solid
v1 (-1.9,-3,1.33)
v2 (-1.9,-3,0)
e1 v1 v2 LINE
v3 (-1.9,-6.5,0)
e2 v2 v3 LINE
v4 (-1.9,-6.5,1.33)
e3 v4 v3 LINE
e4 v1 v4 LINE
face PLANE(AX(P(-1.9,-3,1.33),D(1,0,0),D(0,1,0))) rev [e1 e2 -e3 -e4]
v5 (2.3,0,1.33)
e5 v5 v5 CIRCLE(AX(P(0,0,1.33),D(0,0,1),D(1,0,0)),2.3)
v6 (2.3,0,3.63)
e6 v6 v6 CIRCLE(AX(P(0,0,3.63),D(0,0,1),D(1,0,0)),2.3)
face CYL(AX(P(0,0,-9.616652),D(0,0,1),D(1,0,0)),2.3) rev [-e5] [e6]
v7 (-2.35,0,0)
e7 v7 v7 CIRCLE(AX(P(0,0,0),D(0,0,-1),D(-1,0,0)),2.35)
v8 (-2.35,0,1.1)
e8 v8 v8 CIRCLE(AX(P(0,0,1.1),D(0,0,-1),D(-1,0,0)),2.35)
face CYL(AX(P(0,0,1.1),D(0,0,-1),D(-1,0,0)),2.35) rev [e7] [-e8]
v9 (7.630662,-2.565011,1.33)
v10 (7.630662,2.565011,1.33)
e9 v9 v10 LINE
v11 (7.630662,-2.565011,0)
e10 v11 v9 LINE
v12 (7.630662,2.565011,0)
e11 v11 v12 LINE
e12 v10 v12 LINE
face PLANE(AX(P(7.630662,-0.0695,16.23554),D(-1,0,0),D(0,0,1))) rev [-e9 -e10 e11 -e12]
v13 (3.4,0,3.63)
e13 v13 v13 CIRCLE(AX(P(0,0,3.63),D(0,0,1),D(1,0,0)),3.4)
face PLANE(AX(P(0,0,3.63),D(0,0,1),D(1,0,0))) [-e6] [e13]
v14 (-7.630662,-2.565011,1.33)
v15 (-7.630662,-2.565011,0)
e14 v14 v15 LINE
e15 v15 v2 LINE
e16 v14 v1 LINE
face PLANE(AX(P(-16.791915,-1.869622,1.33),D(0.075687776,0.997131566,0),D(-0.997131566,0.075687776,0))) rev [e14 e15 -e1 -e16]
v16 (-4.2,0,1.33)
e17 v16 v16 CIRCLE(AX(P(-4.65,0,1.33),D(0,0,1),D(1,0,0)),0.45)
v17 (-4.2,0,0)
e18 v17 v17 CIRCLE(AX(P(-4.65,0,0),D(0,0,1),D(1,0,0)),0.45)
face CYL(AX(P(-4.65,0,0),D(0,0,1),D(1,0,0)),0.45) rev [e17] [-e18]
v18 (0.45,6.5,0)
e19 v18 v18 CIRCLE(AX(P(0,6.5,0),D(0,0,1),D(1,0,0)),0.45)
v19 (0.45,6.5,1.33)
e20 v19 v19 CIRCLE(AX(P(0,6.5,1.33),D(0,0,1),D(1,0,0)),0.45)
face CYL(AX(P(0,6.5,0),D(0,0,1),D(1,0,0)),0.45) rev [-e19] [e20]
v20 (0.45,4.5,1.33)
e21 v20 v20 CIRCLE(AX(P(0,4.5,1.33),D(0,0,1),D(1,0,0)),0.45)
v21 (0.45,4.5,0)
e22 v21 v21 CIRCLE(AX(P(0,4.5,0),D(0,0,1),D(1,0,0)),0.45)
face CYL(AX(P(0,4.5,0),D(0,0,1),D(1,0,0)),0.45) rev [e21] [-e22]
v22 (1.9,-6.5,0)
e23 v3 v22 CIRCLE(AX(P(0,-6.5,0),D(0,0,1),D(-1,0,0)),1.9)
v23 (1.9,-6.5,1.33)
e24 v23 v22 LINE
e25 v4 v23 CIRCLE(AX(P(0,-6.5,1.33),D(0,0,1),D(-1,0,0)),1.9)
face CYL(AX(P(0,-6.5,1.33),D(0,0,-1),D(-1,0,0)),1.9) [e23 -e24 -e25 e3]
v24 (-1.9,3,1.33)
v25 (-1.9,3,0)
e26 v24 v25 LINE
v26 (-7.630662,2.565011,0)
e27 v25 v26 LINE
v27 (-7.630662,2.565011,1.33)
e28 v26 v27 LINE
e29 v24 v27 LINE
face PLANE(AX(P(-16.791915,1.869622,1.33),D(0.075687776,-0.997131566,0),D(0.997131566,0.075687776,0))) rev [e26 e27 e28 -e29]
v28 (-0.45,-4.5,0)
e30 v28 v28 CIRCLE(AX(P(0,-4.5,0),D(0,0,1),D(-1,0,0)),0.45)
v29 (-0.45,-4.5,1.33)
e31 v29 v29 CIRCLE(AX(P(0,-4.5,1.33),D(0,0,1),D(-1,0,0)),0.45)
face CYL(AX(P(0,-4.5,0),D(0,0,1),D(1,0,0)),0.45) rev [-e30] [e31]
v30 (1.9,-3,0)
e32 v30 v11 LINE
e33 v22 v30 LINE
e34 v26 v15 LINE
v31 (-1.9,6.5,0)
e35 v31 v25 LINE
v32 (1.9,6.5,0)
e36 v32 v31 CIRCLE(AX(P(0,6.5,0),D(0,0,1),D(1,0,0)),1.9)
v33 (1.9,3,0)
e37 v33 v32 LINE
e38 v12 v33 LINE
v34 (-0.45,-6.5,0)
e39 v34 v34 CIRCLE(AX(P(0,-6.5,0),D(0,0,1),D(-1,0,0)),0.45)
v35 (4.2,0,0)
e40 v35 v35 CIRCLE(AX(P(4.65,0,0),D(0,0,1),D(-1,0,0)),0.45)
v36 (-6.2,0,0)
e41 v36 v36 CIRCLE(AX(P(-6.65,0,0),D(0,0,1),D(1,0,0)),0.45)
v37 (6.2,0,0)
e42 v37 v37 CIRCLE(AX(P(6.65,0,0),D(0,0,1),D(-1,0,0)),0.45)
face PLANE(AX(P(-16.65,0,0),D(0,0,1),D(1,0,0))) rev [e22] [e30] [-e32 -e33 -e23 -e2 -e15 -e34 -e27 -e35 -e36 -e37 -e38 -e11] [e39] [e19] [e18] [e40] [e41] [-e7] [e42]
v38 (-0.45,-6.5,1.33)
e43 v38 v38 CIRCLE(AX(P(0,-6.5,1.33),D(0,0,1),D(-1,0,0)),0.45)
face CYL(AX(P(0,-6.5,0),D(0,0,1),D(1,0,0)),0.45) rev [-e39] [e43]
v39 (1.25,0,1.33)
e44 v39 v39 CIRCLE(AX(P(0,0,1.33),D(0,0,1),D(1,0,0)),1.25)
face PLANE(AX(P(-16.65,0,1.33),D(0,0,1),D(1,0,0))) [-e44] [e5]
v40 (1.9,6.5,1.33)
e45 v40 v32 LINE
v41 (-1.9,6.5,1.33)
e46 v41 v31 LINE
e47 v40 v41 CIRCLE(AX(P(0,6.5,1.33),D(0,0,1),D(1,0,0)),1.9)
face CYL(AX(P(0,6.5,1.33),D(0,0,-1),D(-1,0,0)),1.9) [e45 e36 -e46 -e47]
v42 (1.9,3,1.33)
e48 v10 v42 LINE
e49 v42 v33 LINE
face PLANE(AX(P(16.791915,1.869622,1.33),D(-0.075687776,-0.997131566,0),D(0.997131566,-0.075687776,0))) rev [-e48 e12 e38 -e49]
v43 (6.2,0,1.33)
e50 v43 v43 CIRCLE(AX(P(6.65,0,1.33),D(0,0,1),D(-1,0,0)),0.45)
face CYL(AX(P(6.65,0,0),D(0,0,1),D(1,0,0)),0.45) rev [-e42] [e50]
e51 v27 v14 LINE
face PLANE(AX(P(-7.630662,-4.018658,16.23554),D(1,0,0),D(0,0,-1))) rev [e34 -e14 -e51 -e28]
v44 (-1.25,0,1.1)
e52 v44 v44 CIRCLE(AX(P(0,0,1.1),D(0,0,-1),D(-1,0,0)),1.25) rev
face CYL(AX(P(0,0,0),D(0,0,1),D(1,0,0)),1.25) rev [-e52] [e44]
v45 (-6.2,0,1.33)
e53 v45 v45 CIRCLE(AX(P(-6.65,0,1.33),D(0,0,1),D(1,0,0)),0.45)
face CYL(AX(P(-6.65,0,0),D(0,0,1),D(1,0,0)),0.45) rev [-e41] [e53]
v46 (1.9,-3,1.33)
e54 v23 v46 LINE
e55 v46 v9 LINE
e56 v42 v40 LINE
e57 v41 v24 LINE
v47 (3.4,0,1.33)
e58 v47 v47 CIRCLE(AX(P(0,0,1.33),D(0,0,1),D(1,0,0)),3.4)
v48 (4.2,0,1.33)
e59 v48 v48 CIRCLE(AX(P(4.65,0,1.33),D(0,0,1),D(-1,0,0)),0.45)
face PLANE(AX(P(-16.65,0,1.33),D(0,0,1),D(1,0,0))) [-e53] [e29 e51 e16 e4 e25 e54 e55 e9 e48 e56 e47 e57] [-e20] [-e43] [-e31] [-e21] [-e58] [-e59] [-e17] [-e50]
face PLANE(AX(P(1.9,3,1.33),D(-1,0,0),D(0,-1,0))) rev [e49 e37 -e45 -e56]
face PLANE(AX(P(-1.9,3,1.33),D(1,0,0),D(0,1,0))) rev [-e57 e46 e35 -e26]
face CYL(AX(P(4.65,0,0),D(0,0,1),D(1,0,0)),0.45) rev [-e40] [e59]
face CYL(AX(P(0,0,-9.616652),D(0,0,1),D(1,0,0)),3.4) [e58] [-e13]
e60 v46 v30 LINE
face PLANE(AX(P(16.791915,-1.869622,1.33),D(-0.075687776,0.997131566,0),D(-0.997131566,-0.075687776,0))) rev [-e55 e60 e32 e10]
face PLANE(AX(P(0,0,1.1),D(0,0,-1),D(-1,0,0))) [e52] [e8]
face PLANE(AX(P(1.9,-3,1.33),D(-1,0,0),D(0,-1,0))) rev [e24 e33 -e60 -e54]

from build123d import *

# Parameters (mm, degrees)
AUFSATZ_LINEAR_AUSTRAGEN1_DEPTH      = 1.33
AUFSATZ_LINEAR_AUSTRAGEN2_DEPTH      = 2.3
AUFSATZ_LINEAR_AUSTRAGEN2_DEPTH_BACK = 1.33
SKIZZE2_R                            = 3.4
SKIZZE2_R_2                          = 2.3
SKIZZE3_R                            = 1.25
SCHNITT_LINEAR_AUSTRAGEN1_DEPTH      = 21.470115412
SKIZZE4_R                            = 2.35
SCHNITT_LINEAR_AUSTRAGEN2_DEPTH      = 1.1
SKIZZE5_R                            = 0.45
SCHNITT_LINEAR_AUSTRAGEN3_DEPTH      = 21.470115412
SCHNITT_LINEAR_AUSTRAGEN4_DEPTH      = 1.33


with BuildPart() as part:
    # Skizze1 → Aufsatz-Linear austragen1 (new body)
    with BuildSketch(Plane.XY):
        with BuildLine():
            Line((-16.79191458, 1.869621687), (-1.9, 3))
            Line((-1.9, 3), (-1.9, 6.5))
            ThreePointArc((-1.9, 6.5), (0, 8.4), (1.9, 6.5))
            Line((1.9, 6.5), (1.9, 3))
            Line((1.9, 3), (16.79191458, 1.869621687))
            ThreePointArc((16.79191458, 1.869621687), (18.525, 0), (16.79191458, -1.869621687))
            Line((16.79191458, -1.869621687), (1.9, -3))
            Line((1.9, -3), (1.9, -6.5))
            ThreePointArc((1.9, -6.5), (0, -8.4), (-1.9, -6.5))
            Line((-1.9, -6.5), (-1.9, -3))
            Line((-1.9, -3), (-16.79191458, -1.869621687))
            ThreePointArc((-16.79191458, -1.869621687), (-18.525, 0), (-16.79191458, 1.869621687))
        make_face()
    extrude(amount=AUFSATZ_LINEAR_AUSTRAGEN1_DEPTH)

    # Skizze2 → Aufsatz-Linear austragen2 (add, two sides: drawn at the far end of the back side and taken through both)
    with BuildSketch(Plane.XY.offset(1.33).offset(-AUFSATZ_LINEAR_AUSTRAGEN2_DEPTH_BACK)):
        Circle(SKIZZE2_R)
        Circle(SKIZZE2_R_2, mode=Mode.SUBTRACT)
    extrude(amount=AUFSATZ_LINEAR_AUSTRAGEN2_DEPTH + AUFSATZ_LINEAR_AUSTRAGEN2_DEPTH_BACK)

    # Skizze3 → Schnitt-Linear austragen1 (cut, through all)
    with BuildSketch(Plane.XY.offset(1.33)):
        Circle(SKIZZE3_R)
    extrude(amount=-SCHNITT_LINEAR_AUSTRAGEN1_DEPTH, mode=Mode.SUBTRACT)

    # Skizze4 → Schnitt-Linear austragen2 (cut)
    with BuildSketch(Plane(origin=(0, 0, 0), x_dir=(-1, 0, 0), z_dir=(0, 0, -1))):
        Circle(SKIZZE4_R)
    extrude(amount=-SCHNITT_LINEAR_AUSTRAGEN2_DEPTH, mode=Mode.SUBTRACT)

    # Skizze5 → Schnitt-Linear austragen3 (cut, through all)
    with BuildSketch(Plane.XY.offset(1.33)):
        with Locations((0, 6.5)):
            Circle(SKIZZE5_R)
        with Locations((-16.65, 0)):
            Circle(SKIZZE5_R)
        with Locations((0, 4.5)):
            Circle(SKIZZE5_R)
        with Locations((-14.65, 0)):
            Circle(SKIZZE5_R)
        with Locations((-12.65, 0)):
            Circle(SKIZZE5_R)
        with Locations((-10.65, 0)):
            Circle(SKIZZE5_R)
        with Locations((-8.65, 0)):
            Circle(SKIZZE5_R)
        with Locations((-6.65, 0)):
            Circle(SKIZZE5_R)
        with Locations((-4.65, 0)):
            Circle(SKIZZE5_R)
        with Locations(Location((0, -4.5, 0), (0, 0, 180))):
            Circle(SKIZZE5_R)
        with Locations(Location((0, -6.5, 0), (0, 0, 180))):
            Circle(SKIZZE5_R)
        with Locations(Location((4.65, 0, 0), (0, 0, 180))):
            Circle(SKIZZE5_R)
        with Locations(Location((6.65, 0, 0), (0, 0, 180))):
            Circle(SKIZZE5_R)
        with Locations(Location((8.65, 0, 0), (0, 0, 180))):
            Circle(SKIZZE5_R)
        with Locations(Location((10.65, 0, 0), (0, 0, 180))):
            Circle(SKIZZE5_R)
        with Locations(Location((12.65, 0, 0), (0, 0, 180))):
            Circle(SKIZZE5_R)
        with Locations(Location((14.65, 0, 0), (0, 0, 180))):
            Circle(SKIZZE5_R)
        with Locations(Location((16.65, 0, 0), (0, 0, 180))):
            Circle(SKIZZE5_R)
    extrude(amount=-SCHNITT_LINEAR_AUSTRAGEN3_DEPTH, mode=Mode.SUBTRACT)

    # Skizze6 → Schnitt-Linear austragen4 (cut)
    with BuildSketch(Plane(origin=(0, 0, 0), x_dir=(-1, 0, 0), z_dir=(0, 0, -1))):
        Polygon((-7.630661654, -0.069500342), (-7.630661654, 5.641889325), (-18.981826271, 5.641889325), (-18.981826271, -4.018658181), (-7.630661654, -4.018658181), align=None)
        Polygon((7.630661654, -4.018658181), (7.630661654, -0.069500342), (7.630661654, 5.641889325), (18.981826271, 5.641889325), (18.981826271, -4.018658181), align=None)
    extrude(amount=-SCHNITT_LINEAR_AUSTRAGEN4_DEPTH, mode=Mode.SUBTRACT)


solid = part.part
